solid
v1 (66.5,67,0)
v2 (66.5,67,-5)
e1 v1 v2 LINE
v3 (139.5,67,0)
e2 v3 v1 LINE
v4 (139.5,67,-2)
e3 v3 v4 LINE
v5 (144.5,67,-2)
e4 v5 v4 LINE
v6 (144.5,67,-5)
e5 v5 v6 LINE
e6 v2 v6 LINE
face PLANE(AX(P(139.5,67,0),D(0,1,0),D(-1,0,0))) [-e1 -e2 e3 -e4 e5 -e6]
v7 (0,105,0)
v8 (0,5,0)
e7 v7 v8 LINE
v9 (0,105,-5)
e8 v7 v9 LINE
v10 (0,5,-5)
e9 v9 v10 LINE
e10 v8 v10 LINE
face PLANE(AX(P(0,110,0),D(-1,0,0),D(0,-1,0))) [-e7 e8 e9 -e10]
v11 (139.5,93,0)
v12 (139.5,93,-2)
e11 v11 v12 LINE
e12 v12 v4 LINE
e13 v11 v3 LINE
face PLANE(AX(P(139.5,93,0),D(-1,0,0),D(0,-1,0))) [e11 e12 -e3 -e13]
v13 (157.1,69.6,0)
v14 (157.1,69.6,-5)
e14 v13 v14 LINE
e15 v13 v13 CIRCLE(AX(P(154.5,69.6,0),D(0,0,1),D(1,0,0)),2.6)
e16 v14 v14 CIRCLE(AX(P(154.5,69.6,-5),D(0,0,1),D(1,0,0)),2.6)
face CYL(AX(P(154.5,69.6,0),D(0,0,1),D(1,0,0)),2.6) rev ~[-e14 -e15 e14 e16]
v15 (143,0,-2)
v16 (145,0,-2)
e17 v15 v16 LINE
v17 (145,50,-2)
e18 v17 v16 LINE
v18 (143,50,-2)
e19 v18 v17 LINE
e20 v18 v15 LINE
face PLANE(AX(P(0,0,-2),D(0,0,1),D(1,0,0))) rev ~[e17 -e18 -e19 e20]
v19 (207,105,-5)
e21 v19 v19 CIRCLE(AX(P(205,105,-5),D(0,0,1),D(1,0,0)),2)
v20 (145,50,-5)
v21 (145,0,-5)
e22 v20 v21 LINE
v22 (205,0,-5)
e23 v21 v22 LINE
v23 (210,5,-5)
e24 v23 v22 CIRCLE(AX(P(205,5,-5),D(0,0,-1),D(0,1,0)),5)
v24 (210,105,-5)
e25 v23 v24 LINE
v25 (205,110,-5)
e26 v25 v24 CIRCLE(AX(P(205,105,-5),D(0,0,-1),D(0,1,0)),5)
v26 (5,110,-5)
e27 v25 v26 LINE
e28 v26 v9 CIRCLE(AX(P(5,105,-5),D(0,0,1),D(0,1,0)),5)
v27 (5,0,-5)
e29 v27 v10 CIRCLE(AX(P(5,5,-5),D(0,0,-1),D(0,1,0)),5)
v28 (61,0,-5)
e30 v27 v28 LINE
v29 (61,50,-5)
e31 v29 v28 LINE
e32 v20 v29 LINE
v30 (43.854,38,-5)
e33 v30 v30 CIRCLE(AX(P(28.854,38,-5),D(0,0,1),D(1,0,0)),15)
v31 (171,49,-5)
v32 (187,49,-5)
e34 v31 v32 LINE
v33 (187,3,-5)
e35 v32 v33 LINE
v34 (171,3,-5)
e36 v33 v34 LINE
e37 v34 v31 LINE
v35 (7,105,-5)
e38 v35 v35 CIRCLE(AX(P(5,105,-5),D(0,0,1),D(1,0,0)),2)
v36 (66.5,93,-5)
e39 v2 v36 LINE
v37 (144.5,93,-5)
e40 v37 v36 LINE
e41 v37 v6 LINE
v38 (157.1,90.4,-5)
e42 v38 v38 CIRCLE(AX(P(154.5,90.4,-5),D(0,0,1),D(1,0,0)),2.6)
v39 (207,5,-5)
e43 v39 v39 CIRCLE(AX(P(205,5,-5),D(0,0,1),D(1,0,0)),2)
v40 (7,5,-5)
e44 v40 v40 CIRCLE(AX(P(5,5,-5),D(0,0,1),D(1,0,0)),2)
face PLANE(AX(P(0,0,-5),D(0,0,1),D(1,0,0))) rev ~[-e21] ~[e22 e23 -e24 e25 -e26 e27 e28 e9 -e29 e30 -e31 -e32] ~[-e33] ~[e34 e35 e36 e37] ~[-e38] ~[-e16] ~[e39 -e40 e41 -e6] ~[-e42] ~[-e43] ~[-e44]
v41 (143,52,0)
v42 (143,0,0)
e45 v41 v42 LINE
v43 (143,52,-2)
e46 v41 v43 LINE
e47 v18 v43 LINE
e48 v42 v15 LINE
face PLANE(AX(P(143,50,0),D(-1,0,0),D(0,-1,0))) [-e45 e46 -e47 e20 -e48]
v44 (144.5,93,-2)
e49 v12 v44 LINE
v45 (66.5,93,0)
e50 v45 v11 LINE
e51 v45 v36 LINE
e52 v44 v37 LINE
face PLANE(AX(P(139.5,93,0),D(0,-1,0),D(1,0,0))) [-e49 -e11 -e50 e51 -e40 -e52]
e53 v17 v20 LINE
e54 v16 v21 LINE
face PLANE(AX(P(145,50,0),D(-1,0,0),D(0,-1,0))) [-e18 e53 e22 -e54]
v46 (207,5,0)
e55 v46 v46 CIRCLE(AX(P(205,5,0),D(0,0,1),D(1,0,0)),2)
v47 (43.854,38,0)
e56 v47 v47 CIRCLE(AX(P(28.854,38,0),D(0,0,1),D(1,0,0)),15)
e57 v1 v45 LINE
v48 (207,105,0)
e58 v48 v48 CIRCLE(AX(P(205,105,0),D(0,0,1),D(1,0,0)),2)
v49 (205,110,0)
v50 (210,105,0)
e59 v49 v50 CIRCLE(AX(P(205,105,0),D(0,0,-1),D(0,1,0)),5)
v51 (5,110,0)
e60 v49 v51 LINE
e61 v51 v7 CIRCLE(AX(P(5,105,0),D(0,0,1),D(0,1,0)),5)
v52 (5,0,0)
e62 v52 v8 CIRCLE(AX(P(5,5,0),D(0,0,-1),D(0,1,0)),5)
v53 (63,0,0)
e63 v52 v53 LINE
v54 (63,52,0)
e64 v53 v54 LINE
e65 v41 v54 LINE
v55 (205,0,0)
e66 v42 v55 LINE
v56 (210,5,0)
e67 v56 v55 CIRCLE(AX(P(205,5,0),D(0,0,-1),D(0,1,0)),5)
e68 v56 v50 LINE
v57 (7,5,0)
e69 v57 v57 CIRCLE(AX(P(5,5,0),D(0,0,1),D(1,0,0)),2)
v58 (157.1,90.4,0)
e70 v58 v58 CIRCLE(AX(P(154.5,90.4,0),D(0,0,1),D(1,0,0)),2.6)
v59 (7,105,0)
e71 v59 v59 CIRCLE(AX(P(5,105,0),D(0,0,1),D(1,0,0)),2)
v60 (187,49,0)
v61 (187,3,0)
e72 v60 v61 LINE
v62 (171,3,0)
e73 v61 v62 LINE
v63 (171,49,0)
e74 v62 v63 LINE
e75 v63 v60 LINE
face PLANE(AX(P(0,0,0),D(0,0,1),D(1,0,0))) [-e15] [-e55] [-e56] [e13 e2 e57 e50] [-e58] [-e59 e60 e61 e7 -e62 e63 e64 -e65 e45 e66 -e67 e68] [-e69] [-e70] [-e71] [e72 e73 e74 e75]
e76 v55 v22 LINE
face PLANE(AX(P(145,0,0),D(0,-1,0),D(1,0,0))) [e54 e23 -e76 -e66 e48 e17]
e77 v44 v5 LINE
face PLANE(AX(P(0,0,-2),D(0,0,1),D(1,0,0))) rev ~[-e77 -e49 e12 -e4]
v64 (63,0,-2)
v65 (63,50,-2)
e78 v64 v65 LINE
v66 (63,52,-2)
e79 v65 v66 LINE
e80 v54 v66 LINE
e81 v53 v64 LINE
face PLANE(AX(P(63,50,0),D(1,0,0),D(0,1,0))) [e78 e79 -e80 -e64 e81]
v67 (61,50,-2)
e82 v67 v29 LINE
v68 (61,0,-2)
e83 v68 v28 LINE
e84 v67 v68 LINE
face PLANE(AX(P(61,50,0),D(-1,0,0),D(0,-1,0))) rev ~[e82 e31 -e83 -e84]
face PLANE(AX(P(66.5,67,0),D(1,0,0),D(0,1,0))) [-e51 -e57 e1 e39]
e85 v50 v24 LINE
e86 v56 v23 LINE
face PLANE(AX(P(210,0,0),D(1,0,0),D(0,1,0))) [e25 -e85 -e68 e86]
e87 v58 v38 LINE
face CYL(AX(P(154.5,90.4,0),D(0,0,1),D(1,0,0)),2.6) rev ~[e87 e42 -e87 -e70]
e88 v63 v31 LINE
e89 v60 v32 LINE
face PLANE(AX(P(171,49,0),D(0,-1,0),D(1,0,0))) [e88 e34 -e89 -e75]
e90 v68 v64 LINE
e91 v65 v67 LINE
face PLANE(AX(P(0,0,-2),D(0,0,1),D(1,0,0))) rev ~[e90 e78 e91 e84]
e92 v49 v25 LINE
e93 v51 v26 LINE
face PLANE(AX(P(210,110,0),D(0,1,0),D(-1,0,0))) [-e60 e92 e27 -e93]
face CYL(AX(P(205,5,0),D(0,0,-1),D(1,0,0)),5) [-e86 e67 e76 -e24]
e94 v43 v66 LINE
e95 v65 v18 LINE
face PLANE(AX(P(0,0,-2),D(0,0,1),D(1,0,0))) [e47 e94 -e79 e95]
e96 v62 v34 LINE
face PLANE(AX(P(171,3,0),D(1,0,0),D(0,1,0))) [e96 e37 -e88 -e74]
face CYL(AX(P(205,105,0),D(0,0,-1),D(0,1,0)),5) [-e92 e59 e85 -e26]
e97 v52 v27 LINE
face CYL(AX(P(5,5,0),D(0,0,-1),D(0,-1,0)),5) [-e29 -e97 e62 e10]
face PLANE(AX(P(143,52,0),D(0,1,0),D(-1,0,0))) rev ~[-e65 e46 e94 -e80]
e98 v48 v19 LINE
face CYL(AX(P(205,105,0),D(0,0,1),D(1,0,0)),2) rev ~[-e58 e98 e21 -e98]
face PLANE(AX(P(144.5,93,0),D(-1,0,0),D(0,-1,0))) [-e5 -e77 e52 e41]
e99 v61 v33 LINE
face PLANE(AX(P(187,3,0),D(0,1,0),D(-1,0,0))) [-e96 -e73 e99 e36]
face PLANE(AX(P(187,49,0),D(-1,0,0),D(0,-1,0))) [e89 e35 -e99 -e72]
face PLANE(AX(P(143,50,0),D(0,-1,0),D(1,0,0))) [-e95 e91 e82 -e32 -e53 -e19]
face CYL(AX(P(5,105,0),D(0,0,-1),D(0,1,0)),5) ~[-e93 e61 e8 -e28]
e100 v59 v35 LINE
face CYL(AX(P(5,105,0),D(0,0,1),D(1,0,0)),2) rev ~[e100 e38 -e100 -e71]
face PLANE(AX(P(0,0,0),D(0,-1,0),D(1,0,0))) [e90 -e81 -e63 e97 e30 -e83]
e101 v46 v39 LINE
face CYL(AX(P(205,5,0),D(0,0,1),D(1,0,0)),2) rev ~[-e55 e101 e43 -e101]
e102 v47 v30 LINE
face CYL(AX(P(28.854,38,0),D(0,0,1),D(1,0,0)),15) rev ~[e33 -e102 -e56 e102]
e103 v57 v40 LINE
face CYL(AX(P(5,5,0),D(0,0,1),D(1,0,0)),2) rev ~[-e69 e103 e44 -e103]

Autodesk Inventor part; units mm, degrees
ref_plane "YZ Plane" through (0, 0, 0) normal (1, 0, 0) x (0, 1, 0)
ref_plane "XZ Plane" through (0, 0, 0) normal (0, 1, 0) x (-1, 0, 0)
ref_plane "XY Plane" through (0, 0, 0) normal (0, 0, 1) x (1, 0, 0)
sketch "Sketch1" plane through (0, 0, 0) normal (0, 0, 1) x (1, 0, 0)
  line L0 (0, 0) -> (210, 0)
  line L1 (210, 0) -> (210, 110)
  line L2 (210, 110) -> (0, 110)
  line L3 (0, 110) -> (0, 0)
  line L4 (66.5, 93) -> (139.5, 93)
  line L5 (139.5, 93) -> (139.5, 67)
  line L6 (139.5, 67) -> (66.5, 67)
  line L7 (66.5, 67) -> (66.5, 93)
  line L8 (63, 0) -> (63, 50)
  line L9 (63, 50) -> (143, 50)
  line L10 (143, 50) -> (143, 0)
  line L11 (63, 50) -> (63, 110) construction
  circle A0 centre (28.854, 38) radius 15
  line L12 (139.5, 93) -> (144.5, 93)
  line L13 (144.5, 93) -> (144.5, 67)
  line L14 (144.5, 67) -> (139.5, 67)
  circle A1 centre (154.5, 90.4) radius 2.6
  circle A2 centre (154.5, 69.6) radius 2.6
  line L15 (171, 13) -> (187, 13) construction
  line L16 (171, 44) -> (187, 44) construction
  line L17 (171, 49) -> (187, 49)
  line L18 (187, 49) -> (187, 3)
  line L19 (187, 3) -> (171, 3)
  line L20 (171, 3) -> (171, 49)
  line L21 (179, 49) -> (179, 3) construction
  line L22 (63, 50) -> (61, 50)
  line L23 (61, 50) -> (61, 0)
  line L24 (143, 50) -> (145, 50)
  line L25 (145, 50) -> (145, 0)
  line L26 (63, 50) -> (63, 52)
  line L27 (143, 50) -> (143, 52)
  line L28 (143, 52) -> (63, 52)
  circle A3 centre (5, 105) radius 2
  circle A4 centre (5, 5) radius 2
  circle A5 centre (205, 5) radius 2
  circle A6 centre (205, 105) radius 2
  line L29 (5, 105) -> (0, 110) construction
  line L30 (5, 5) -> (0, 0) construction
  line L31 (205, 5) -> (210, 0) construction
  line L32 (210, 110) -> (205, 105) construction
  point P0 (103, 93)
  point P1 (105, 110)
  point P2 (66.5, 80)
  point P3 (63, 80)
  point P4 (103, 50)
  dimension "d0" = 210
  dimension "d1" = 110
  dimension "d2" = 73
  dimension "d3" = 26
  dimension "d4" = 50
  dimension "d5" = 80
  dimension "d6" = 30
  dimension "d7" = 28.854
  dimension "d8" = 38
  dimension "d9" = 63
  dimension "d11" = 5
  dimension "d12" = 5.2
  dimension "d13" = 10
  dimension "d17" = 13
  dimension "d18" = 44
  dimension "d19" = 5
  dimension "d20" = 10
  dimension "d21" = 16
  dimension "d22" = 31
  dimension "d27" = 2
  dimension "d36" = 4
  dimension "d37" = 5
  dimension "d38" = 5
extrude "Extrusion1" add sketch "Sketch1" against normal blind 5 contours L3 L2 L1 L0 L25 L24 L27 L28 L26 L22 L23 | L26 L28 L27 L9
extrude "Extrusion2" add sketch "Sketch1" against normal blind 2 contours L12 L13 L14 L5
extrude "Extrusion3" add sketch "Sketch1" against normal blind 2 contours L23 L22 L8 L0 | L10 L24 L25 L0
extrude "Extrusion4" cut sketch "Sketch1" against normal blind 2 contours L26 L28 L27 L9
fillet "Zaokrąglenie1" radius 5 4 edges at (0, 0, -2.5) (0, 110, -2.5) (210, 0, -2.5) (210, 110, -2.5)
properties part number "gora pudla"
